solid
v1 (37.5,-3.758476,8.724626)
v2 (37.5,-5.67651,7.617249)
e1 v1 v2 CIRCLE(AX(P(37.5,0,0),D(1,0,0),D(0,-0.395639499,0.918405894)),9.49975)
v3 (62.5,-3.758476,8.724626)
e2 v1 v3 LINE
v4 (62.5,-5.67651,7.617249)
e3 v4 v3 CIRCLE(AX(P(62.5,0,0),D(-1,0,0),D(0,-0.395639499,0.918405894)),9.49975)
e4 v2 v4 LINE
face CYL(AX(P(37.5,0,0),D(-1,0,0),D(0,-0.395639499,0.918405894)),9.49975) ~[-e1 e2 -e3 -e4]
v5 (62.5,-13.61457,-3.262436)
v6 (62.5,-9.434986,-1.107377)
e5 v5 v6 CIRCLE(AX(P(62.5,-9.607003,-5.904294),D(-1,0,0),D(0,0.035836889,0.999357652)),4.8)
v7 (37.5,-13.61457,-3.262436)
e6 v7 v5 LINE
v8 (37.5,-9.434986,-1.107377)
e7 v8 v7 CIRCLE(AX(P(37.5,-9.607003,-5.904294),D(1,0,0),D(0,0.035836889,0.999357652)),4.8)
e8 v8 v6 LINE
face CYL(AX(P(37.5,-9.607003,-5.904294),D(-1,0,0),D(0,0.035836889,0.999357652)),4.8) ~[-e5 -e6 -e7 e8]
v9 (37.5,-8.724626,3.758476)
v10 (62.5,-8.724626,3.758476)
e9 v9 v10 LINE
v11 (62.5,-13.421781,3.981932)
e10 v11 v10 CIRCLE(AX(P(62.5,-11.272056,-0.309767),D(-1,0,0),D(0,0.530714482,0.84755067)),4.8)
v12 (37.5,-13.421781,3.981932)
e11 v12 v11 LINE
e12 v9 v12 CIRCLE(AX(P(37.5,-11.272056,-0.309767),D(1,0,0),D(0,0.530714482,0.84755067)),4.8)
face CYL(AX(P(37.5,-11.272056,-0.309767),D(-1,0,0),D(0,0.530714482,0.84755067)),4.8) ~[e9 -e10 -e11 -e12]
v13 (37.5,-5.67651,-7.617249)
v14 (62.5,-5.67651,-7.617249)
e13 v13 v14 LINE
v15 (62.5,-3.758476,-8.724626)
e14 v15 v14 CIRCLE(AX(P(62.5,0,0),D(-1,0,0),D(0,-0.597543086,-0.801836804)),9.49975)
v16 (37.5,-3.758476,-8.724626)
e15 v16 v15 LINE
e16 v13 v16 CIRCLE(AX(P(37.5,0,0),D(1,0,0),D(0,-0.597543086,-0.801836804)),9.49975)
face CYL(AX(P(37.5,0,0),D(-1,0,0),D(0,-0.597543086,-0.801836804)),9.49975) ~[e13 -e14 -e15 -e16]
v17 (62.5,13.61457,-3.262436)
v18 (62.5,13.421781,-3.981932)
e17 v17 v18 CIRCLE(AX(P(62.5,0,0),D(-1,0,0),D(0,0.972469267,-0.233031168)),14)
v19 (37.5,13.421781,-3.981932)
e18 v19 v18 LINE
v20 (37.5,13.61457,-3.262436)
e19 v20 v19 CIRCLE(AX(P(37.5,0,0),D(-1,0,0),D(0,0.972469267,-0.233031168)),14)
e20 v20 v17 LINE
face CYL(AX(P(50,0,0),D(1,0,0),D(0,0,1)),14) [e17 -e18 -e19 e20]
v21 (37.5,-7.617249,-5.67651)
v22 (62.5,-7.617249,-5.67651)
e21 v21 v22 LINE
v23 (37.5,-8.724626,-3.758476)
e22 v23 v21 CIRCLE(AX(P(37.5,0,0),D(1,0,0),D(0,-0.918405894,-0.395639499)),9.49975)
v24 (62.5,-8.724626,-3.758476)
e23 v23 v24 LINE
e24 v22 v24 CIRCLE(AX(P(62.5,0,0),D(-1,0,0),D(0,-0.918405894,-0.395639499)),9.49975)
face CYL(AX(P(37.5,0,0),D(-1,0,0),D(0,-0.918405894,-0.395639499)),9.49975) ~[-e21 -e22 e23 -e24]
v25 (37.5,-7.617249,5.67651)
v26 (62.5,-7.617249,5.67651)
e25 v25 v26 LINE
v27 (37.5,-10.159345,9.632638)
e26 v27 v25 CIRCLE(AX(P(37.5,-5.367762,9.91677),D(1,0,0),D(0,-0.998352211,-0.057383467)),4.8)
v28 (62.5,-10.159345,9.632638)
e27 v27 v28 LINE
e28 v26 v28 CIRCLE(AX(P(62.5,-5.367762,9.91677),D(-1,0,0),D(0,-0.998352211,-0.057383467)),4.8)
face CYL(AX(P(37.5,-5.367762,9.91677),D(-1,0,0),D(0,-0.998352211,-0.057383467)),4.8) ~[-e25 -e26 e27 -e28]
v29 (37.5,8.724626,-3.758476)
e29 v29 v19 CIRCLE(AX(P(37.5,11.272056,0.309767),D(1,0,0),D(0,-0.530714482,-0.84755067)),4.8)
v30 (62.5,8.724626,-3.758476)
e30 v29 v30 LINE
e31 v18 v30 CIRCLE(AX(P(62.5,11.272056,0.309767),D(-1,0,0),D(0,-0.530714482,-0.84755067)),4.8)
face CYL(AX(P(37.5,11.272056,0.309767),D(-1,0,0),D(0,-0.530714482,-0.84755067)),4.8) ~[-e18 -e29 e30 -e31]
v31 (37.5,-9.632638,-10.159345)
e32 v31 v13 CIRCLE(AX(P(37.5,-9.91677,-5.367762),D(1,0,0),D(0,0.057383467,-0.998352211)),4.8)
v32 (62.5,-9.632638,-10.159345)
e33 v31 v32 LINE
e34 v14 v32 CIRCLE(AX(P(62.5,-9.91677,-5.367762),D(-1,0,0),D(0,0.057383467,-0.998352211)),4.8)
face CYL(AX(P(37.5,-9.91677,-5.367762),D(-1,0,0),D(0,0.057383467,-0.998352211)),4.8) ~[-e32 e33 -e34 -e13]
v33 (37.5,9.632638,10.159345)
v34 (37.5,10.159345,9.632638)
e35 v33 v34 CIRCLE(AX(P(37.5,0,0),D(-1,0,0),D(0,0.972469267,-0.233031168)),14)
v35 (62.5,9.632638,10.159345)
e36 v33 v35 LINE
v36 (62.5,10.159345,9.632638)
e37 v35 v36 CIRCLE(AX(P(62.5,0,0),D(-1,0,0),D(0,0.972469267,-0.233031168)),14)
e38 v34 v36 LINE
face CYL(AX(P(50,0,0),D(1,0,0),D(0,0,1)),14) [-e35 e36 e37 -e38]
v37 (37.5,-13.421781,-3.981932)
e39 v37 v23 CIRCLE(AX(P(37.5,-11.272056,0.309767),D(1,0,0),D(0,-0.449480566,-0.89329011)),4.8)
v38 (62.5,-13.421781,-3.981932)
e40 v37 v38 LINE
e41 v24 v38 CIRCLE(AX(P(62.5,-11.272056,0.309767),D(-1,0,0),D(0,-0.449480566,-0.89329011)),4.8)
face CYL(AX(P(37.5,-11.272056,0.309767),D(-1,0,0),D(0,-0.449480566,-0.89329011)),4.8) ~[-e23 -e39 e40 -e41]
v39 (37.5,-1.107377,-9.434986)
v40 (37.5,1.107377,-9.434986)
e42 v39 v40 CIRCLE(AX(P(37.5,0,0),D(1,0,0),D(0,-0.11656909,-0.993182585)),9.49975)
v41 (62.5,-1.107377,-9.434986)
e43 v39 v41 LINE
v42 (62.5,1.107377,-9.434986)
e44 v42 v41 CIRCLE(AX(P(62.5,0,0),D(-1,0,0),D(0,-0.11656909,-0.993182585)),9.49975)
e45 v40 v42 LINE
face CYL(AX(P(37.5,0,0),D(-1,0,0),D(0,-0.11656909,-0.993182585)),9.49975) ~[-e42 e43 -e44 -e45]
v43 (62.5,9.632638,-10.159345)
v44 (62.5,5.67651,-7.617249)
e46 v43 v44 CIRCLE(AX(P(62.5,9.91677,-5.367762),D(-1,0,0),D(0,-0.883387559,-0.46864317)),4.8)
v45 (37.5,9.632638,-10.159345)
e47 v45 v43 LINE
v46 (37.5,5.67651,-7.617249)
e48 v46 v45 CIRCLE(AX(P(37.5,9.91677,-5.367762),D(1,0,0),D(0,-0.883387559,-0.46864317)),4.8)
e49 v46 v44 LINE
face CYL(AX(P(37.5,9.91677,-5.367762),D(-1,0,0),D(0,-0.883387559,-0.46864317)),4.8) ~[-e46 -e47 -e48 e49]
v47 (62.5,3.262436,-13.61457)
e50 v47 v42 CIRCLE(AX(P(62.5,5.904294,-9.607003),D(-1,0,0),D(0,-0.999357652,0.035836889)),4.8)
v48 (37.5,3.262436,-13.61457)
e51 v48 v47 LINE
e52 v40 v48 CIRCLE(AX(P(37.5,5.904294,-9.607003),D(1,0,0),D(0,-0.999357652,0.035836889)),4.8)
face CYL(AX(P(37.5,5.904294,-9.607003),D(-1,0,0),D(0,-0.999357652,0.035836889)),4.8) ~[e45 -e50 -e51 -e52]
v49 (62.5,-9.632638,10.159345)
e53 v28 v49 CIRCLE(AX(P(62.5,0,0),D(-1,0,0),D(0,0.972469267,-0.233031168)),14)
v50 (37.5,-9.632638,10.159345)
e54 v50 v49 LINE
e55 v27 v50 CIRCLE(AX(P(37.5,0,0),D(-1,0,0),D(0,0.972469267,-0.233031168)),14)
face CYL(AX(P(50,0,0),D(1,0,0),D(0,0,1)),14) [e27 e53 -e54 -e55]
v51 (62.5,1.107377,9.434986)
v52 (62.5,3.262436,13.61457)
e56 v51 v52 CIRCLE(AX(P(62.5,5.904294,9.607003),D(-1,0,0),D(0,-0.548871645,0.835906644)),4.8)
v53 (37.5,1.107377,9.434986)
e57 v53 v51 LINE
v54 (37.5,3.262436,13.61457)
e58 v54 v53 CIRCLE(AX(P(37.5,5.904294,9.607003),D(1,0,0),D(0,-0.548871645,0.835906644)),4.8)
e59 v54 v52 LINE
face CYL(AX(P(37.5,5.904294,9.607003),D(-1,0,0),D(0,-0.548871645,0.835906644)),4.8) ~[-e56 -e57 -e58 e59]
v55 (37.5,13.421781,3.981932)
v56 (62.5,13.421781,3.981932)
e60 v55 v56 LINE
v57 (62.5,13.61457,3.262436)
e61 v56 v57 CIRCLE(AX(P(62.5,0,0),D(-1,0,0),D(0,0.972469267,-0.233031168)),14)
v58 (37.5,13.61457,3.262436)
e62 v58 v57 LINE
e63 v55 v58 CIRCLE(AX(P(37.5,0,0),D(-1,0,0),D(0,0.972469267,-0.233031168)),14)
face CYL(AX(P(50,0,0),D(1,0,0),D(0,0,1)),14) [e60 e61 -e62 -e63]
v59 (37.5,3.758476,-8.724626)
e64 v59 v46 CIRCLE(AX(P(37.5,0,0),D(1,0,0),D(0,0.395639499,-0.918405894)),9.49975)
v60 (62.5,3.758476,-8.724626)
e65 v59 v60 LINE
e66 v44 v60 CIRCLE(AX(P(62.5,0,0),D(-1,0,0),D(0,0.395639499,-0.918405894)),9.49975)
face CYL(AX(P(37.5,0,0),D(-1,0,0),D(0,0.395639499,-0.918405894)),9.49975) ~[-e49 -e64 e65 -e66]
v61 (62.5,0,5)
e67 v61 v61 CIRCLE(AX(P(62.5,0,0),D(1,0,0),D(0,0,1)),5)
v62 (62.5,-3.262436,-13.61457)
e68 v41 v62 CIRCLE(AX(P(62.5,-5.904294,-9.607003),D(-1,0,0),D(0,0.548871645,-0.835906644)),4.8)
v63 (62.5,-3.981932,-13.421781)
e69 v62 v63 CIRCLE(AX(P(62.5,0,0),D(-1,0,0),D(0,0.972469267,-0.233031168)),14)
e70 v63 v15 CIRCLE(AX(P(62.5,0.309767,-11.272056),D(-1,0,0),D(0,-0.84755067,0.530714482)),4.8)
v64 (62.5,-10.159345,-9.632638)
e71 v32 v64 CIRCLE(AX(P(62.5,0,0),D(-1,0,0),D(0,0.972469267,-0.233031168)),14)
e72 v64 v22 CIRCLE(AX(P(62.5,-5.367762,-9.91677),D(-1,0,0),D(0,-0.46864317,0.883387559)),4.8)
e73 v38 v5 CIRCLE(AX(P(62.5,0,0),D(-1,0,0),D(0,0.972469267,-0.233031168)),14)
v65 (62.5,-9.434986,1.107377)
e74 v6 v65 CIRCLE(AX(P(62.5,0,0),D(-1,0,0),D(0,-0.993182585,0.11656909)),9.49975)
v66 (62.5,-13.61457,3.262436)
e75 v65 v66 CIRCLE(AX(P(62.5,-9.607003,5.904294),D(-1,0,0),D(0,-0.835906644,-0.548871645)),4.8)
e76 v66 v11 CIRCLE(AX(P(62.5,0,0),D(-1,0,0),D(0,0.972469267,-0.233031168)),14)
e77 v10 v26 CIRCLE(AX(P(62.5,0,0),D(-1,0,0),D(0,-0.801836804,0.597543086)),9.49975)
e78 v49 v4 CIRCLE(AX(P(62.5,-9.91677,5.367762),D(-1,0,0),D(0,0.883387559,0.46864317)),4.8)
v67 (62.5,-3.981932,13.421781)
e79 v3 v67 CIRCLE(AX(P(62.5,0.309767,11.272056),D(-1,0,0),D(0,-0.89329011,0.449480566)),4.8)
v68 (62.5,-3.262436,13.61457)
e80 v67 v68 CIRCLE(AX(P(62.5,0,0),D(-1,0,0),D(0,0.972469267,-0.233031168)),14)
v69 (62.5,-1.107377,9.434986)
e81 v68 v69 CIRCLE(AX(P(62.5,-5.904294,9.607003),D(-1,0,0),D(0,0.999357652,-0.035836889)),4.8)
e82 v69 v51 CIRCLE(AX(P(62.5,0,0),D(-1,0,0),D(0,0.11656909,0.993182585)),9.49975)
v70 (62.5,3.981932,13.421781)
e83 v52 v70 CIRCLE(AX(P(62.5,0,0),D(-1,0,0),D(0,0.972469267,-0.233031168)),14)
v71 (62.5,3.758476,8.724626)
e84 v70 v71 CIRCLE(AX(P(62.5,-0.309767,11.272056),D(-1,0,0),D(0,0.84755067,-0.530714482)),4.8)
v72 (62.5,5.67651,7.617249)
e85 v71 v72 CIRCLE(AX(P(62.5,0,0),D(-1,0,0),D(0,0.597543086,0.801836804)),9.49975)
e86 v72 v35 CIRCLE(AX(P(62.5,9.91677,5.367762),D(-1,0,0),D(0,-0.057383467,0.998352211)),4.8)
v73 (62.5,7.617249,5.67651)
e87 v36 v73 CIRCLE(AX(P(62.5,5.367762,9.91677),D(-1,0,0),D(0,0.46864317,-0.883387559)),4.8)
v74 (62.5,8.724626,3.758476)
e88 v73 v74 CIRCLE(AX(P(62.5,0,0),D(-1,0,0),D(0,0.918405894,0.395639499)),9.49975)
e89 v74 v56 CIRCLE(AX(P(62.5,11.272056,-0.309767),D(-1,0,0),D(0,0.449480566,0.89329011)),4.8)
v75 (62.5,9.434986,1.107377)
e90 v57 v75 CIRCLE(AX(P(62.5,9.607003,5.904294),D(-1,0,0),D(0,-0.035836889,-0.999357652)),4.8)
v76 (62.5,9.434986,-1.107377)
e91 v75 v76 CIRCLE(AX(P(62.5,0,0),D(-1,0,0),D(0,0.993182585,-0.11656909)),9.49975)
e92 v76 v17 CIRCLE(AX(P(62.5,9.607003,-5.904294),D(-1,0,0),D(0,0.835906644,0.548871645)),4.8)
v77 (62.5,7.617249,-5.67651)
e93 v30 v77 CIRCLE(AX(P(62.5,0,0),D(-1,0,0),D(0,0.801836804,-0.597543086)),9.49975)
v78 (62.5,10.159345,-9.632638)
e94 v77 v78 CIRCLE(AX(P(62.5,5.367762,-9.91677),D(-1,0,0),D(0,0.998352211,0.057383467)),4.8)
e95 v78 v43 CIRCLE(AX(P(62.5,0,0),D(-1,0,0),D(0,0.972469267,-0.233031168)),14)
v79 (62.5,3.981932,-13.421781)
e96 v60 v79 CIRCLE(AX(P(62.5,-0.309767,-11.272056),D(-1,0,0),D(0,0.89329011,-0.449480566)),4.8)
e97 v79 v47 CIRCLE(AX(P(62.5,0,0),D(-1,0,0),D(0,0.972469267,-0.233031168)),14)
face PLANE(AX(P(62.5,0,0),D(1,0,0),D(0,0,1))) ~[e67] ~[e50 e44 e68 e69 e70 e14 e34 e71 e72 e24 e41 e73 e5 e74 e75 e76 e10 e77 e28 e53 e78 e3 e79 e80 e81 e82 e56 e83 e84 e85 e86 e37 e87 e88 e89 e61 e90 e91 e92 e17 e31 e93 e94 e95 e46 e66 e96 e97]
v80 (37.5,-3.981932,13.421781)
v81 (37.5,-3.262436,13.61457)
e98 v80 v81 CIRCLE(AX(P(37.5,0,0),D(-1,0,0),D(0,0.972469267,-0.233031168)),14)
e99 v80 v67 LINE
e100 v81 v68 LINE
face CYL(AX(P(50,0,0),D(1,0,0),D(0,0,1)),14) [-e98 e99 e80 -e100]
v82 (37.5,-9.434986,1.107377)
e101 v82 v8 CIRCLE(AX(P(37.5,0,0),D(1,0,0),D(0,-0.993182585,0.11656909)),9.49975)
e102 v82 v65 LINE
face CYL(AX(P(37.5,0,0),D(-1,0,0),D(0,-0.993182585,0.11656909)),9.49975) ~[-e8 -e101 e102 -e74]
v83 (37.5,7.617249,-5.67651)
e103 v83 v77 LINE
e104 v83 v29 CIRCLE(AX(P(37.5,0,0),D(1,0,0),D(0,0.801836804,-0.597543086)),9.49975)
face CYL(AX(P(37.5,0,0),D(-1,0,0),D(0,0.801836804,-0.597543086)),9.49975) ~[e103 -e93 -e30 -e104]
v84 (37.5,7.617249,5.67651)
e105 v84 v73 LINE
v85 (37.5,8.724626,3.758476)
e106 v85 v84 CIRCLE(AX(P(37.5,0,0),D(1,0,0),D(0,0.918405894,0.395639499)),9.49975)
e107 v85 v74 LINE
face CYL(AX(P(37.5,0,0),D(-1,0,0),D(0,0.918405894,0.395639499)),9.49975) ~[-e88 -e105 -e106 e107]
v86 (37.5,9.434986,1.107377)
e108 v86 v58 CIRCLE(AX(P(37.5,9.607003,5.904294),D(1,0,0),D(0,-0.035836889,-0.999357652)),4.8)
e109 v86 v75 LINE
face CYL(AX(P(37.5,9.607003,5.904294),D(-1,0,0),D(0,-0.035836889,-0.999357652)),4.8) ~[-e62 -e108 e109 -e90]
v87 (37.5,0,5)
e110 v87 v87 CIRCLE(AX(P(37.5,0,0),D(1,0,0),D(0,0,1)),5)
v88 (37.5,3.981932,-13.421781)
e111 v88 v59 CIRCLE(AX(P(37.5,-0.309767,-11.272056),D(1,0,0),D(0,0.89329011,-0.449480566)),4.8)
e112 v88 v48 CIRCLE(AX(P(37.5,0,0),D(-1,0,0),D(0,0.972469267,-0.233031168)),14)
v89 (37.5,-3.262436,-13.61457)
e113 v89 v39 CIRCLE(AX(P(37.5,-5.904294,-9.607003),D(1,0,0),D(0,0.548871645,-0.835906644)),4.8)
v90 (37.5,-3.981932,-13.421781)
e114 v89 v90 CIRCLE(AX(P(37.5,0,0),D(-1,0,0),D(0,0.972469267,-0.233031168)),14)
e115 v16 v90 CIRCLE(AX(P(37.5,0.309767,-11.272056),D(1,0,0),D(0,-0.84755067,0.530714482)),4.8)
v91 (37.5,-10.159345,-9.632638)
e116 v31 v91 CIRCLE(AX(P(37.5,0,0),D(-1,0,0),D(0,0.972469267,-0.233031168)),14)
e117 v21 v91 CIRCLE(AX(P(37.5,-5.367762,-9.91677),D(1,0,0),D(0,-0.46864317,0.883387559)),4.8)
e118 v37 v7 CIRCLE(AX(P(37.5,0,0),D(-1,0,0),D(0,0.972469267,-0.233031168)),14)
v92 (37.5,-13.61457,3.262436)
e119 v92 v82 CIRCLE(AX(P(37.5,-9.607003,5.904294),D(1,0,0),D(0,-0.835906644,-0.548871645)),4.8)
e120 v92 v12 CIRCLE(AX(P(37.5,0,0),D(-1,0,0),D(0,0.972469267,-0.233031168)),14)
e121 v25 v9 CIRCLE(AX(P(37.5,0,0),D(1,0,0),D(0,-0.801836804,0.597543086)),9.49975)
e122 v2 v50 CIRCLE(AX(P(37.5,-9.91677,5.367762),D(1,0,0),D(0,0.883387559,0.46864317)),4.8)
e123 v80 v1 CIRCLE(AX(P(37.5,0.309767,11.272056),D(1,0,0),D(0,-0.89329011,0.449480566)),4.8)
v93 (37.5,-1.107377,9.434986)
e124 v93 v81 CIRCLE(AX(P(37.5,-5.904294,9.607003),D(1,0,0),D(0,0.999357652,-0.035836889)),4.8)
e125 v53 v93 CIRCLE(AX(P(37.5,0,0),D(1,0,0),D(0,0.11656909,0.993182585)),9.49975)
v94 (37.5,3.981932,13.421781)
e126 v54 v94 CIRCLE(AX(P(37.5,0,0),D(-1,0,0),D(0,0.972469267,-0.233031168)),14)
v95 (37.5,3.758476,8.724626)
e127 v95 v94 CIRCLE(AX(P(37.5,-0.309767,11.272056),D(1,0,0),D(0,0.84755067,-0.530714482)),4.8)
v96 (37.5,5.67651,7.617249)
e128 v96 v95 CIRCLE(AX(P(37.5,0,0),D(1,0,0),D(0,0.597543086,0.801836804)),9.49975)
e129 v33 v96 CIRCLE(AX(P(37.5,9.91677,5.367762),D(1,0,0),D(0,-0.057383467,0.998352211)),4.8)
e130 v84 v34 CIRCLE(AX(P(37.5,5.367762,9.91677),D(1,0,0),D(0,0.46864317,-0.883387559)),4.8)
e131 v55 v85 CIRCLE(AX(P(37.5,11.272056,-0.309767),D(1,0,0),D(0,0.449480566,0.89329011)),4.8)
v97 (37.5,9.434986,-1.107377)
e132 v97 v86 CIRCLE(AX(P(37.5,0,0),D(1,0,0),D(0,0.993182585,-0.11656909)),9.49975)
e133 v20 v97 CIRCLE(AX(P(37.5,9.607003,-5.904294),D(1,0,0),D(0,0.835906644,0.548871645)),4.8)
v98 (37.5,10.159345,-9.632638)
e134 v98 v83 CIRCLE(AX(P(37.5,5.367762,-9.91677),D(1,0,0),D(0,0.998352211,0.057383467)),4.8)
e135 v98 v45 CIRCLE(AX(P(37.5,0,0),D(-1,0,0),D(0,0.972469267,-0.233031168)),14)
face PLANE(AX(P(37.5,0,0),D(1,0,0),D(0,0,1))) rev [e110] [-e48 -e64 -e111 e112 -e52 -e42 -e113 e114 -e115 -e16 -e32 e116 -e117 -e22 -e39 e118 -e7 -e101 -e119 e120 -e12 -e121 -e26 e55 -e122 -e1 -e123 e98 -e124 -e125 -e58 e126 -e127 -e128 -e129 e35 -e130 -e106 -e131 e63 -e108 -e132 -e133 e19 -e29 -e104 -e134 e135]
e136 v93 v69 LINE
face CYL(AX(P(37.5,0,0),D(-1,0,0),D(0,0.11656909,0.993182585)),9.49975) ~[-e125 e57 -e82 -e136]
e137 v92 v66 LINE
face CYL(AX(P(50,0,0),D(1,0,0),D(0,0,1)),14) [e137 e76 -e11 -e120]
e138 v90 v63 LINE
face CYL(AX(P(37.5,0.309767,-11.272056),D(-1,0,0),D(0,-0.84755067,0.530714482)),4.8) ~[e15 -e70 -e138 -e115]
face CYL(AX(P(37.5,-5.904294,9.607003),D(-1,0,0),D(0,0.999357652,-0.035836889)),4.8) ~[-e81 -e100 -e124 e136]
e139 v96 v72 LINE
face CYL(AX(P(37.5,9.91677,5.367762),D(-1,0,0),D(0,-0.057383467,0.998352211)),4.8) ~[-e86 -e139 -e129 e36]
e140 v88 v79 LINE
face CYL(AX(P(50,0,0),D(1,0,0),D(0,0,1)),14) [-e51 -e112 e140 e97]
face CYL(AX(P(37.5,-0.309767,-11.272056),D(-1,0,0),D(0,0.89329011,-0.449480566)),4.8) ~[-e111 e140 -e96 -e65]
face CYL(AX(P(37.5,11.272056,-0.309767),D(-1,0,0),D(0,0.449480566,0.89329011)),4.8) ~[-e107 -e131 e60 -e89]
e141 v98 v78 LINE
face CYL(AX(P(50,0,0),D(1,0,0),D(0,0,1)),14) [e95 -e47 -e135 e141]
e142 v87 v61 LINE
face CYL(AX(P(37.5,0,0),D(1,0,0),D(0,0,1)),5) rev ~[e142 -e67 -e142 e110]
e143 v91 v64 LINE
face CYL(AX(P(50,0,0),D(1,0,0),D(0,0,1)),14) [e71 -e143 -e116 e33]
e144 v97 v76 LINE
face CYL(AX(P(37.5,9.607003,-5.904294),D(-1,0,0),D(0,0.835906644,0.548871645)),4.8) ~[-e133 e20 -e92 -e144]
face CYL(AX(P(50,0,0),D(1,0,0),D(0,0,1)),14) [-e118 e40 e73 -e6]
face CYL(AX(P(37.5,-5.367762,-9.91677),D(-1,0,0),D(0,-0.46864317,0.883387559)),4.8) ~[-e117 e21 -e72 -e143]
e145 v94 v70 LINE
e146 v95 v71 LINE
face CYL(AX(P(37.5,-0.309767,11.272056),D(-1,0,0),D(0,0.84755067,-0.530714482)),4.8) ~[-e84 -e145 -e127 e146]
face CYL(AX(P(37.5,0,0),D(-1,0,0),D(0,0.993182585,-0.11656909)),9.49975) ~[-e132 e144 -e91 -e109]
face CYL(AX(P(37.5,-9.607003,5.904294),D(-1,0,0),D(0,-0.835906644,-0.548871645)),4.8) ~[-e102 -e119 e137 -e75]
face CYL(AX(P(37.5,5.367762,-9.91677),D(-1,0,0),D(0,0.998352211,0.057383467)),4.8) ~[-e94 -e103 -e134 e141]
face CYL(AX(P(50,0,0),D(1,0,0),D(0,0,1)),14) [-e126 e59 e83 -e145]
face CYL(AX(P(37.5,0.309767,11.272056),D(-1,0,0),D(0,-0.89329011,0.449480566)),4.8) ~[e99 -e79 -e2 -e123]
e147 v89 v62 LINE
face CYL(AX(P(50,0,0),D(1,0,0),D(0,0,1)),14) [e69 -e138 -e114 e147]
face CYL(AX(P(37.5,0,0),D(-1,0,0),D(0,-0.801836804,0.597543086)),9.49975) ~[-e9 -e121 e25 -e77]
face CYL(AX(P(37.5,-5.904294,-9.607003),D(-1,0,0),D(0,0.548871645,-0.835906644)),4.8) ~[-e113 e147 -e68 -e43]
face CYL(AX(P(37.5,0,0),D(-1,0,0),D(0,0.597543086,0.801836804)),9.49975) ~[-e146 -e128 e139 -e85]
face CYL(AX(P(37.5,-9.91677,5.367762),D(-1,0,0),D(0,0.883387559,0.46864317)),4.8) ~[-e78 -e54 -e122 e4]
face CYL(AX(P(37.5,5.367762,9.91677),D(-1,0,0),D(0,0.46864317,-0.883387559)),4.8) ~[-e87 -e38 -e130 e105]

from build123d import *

# Parameters (mm, degrees)
BASPROSKE_W     = 100
BASPROSKE_H     = 56
TOOTHCUT_DEPTH  = 128.561749753
TEETHCUTS_COUNT = 12
TEETHCUTS_ANGLE = 330
BORSKE_R        = 20
BORE_DEPTH      = 100.0000508
SCALE1_SCALE    = 0.25


with BuildPart() as part:
    # BasProSke → Base-Revolve (revolve)
    with BuildSketch(Plane(origin=(0, 0, 0), x_dir=(1, 0, 0), z_dir=(0, 1, 0)), mode=Mode.PRIVATE) as base_revolve_sk:
        with Locations((50, 28)):
            Rectangle(BASPROSKE_W, BASPROSKE_H)
    revolve(base_revolve_sk.sketch.rotate(Axis((-10, 0, 0), (1, 0, 0)), 180), axis=Axis((-10, 0, 0), (1, 0, 0)))

    # TooCutSke → ToothCut (cut, through all)
    with BuildSketch(Plane(origin=(0, 0, 0), x_dir=(0, 0, -1), z_dir=(1, 0, 0))):
        with BuildLine():
            ThreePointArc((4.429508858, 37.739945049), (0, 37.999), (-4.429508858, 37.739945049))
            ThreePointArc((-4.429508858, 37.739945049), (-6.560078122, 47.242513828), (-13.078840191, 54.477420868))
            ThreePointArc((-13.078840191, 54.477420868), (0, 56.0254), (13.078840191, 54.477420868))
            ThreePointArc((13.078840191, 54.477420868), (6.560078122, 47.242513828), (4.429508858, 37.739945049))
        make_face()
    toothcut = extrude(amount=TOOTHCUT_DEPTH, mode=Mode.SUBTRACT)

    # TeethCuts: ToothCut ×12 about axis
    teethcuts_axis = Axis((-10, 0, 0), (1, 0, 0))
    for i in range(1, TEETHCUTS_COUNT):
        add(toothcut.rotate(teethcuts_axis, i * TEETHCUTS_ANGLE / (TEETHCUTS_COUNT - 1)), mode=Mode.SUBTRACT)

    # BorSke → Bore (cut, symmetric)
    with BuildSketch(Plane(origin=(0, 0, 0), x_dir=(0, 0, -1), z_dir=(1, 0, 0))):
        with Locations(Location((0, 0, 0), (0, 0, 180))):
            Circle(BORSKE_R)
    extrude(amount=BORE_DEPTH, both=True, mode=Mode.SUBTRACT)


with BuildPart() as part_1:
    # Scale1: scaled about (50, 0, 0)
    add(part.part.scale(SCALE1_SCALE).moved(Location((37.5, 0, 0))))


solid = part_1.part
